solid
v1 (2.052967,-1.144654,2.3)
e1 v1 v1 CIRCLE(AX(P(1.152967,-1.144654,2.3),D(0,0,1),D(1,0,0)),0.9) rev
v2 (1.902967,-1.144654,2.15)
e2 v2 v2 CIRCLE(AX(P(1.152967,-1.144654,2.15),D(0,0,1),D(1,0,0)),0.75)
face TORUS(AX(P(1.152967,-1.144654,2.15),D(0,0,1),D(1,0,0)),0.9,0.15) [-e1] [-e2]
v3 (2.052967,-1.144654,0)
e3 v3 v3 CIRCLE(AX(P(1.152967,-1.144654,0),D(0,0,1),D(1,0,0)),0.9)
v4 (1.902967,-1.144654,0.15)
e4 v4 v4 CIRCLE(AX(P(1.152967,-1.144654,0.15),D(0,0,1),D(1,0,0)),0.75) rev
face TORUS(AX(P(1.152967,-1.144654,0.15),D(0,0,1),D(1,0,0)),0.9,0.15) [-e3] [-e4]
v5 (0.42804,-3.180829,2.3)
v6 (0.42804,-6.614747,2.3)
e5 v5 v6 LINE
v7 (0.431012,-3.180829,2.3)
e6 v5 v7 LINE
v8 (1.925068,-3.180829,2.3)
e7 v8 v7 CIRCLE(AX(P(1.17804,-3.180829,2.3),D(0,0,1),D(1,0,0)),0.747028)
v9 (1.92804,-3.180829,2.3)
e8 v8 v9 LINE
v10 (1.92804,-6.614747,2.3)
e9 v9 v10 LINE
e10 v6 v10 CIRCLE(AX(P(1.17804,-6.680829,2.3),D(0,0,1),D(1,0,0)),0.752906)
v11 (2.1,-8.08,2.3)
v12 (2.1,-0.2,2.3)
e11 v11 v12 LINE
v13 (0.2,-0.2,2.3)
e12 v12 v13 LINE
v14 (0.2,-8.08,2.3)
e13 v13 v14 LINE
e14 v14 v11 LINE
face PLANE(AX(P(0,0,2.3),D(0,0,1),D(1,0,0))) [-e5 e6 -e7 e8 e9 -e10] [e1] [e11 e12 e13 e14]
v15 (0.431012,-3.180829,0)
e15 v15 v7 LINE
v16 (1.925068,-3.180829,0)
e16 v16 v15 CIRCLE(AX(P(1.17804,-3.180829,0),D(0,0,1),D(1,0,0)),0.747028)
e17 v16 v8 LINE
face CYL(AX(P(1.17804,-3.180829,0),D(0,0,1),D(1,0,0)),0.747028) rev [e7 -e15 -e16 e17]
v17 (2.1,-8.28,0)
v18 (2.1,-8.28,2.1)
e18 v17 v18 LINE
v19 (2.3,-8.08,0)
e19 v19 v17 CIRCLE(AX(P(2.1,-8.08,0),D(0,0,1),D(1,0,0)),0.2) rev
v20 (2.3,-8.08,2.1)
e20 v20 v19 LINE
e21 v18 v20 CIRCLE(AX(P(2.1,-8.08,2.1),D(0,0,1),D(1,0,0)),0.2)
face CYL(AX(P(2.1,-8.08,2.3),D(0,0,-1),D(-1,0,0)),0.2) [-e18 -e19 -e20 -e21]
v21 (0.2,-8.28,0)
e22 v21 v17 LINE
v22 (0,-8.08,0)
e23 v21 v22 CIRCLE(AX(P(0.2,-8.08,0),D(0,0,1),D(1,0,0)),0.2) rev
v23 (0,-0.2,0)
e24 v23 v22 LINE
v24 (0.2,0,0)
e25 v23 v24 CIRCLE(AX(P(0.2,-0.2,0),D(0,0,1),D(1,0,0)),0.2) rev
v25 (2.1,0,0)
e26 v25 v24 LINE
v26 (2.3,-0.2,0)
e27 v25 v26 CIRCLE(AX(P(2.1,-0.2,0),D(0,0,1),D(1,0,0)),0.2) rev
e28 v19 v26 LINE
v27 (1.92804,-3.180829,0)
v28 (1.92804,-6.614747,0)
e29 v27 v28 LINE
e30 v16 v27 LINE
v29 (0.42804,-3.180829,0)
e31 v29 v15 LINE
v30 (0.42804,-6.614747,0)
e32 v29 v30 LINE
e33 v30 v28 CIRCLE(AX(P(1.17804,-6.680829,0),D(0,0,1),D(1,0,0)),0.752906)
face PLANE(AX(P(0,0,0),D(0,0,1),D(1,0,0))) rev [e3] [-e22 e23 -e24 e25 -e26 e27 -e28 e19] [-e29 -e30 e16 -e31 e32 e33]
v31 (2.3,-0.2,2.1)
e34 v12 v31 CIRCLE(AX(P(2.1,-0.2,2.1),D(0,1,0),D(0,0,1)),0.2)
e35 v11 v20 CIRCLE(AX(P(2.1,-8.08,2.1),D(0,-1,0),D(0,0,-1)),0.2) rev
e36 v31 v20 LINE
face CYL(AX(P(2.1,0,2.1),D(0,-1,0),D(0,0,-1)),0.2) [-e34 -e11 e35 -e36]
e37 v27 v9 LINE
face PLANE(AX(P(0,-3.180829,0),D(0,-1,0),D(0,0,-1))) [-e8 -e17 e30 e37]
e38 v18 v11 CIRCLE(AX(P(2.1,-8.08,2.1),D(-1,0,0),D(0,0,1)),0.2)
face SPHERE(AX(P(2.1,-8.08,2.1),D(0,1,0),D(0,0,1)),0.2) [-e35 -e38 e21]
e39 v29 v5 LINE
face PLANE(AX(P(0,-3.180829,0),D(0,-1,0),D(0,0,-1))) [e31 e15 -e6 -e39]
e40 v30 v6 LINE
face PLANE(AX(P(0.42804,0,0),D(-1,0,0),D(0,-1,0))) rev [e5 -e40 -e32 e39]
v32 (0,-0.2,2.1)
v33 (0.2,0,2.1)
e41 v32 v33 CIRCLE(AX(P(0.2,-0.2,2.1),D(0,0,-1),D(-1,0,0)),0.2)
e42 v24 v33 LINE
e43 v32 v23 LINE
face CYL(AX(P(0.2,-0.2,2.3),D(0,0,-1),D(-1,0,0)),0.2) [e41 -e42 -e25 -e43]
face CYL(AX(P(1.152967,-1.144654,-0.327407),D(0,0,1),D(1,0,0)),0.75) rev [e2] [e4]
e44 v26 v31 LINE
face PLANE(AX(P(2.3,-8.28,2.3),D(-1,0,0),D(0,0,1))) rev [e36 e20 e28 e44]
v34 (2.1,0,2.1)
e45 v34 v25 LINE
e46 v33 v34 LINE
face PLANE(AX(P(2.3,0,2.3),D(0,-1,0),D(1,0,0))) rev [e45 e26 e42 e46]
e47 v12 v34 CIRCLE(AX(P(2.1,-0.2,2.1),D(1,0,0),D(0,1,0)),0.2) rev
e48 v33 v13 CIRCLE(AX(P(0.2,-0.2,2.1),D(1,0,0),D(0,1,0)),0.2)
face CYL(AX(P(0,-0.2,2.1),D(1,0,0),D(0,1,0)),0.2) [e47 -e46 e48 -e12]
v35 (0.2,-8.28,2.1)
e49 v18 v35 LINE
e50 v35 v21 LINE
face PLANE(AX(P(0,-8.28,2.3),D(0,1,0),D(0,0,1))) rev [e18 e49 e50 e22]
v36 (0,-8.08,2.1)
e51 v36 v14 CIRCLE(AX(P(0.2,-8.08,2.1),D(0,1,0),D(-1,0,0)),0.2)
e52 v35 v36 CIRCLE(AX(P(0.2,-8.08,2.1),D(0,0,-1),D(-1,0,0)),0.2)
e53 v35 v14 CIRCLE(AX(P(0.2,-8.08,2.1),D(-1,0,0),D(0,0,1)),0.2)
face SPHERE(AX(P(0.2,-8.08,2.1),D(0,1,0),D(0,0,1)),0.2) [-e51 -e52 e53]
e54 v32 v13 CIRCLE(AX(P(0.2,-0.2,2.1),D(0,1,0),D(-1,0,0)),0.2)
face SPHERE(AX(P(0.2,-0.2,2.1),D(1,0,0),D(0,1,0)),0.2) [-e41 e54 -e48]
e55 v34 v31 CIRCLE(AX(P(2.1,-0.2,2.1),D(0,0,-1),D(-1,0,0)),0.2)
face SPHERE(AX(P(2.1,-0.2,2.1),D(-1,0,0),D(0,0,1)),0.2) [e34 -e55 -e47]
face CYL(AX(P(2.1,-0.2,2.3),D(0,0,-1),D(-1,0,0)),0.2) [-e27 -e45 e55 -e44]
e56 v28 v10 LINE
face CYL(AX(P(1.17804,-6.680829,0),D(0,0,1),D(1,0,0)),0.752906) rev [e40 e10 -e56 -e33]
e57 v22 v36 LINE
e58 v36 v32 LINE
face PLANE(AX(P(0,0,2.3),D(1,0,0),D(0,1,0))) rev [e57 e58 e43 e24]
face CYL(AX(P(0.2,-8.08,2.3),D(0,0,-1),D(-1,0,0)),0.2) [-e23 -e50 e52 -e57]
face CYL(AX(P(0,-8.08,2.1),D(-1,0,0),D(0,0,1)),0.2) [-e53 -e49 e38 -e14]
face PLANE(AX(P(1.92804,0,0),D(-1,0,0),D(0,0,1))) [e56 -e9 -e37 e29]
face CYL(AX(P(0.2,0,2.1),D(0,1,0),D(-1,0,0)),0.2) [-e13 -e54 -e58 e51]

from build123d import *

# Parameters (mm, degrees)
SKETCH1_W           = 2.3
SKETCH1_H           = 8.28
BOSS_EXTRUDE1_DEPTH = 2.3
SKETCH4_R           = 0.75
CUT_EXTRUDE3_DEPTH  = 2.627407371
FILLET7_R           = 0.2
FILLET8_R           = 0.2
FILLET9_R           = 0.2
FILLET10_R          = 0.2
FILLET12_R          = 0.15
FILLET13_R          = 0.15
SKETCH9_R           = 0.747027578
SKETCH9_R_2         = 0.752905599
SKETCH9_W           = 1.5
SKETCH9_H           = 3.5
CUT_EXTRUDE4_DEPTH  = 2.3


with BuildPart() as part:
    # Sketch1 → Boss-Extrude1 (new body)
    with BuildSketch(Plane.XY):
        with Locations((1.15, -4.14)):
            Rectangle(SKETCH1_W, SKETCH1_H)
    extrude(amount=BOSS_EXTRUDE1_DEPTH)

    # Sketch4 → Cut-Extrude3 (cut)
    with BuildSketch(Plane(origin=(-0.047615046, -0.231066523, 2.3), x_dir=(1, 0, 0), z_dir=(0, 0, 1))):
        with Locations((1.200582347, -0.913587841)):
            Circle(SKETCH4_R)
    extrude(amount=-CUT_EXTRUDE3_DEPTH, mode=Mode.SUBTRACT)

    # Fillet7
    fillet7_edges = [part.edges().sort_by_distance(p)[0] for p in [
        (1.15, 0, 2.3),
    ]]
    fillet(fillet7_edges, radius=FILLET7_R)

    # Fillet8
    fillet8_edges = [part.edges().sort_by_distance(p)[0] for p in [
        (2.3, -4.24, 2.3),
        (2.3, 0, 1.05),
        (2.3, -0.058578644, 2.241421356),
    ]]
    fillet(fillet8_edges, radius=FILLET8_R)

    # Fillet9
    fillet9_edges = [part.edges().sort_by_distance(p)[0] for p in [
        (0, -4.24, 2.3),
        (0, 0, 1.05),
        (0, -0.058578644, 2.241421356),
    ]]
    fillet(fillet9_edges, radius=FILLET9_R)

    # Fillet10
    fillet10_edges = [part.edges().sort_by_distance(p)[0] for p in [
        (2.3, -8.28, 1.05),
        (2.241421356, -8.28, 2.241421356),
        (0, -8.28, 1.05),
        (1.15, -8.28, 2.3),
        (0.058578644, -8.28, 2.241421356),
    ]]
    fillet(fillet10_edges, radius=FILLET10_R)

    # Fillet12
    fillet12_edges = [part.edges().sort_by_distance(p)[0] for p in [
        (0.402967301, -1.144654364, 2.3),
    ]]
    fillet(fillet12_edges, radius=FILLET12_R)

    # Fillet13
    fillet13_edges = [part.edges().sort_by_distance(p)[0] for p in [
        (0.402967301, -1.144654364, 0),
    ]]
    fillet(fillet13_edges, radius=FILLET13_R)

    # Sketch9 → Cut-Extrude4 (cut)
    with BuildSketch(Plane(origin=(0, -0.220326659, 2.3), x_dir=(1, 0, 0), z_dir=(0, 0, 1))):
        with Locations((1.178039953, -2.960502764)):
            Circle(SKETCH9_R)
        with Locations((1.178039953, -6.460502764)):
            Circle(SKETCH9_R_2)
        with Locations((1.178039953, -4.710502764)):
            Rectangle(SKETCH9_W, SKETCH9_H)
    extrude(amount=-CUT_EXTRUDE4_DEPTH, mode=Mode.SUBTRACT)


solid = part.part
